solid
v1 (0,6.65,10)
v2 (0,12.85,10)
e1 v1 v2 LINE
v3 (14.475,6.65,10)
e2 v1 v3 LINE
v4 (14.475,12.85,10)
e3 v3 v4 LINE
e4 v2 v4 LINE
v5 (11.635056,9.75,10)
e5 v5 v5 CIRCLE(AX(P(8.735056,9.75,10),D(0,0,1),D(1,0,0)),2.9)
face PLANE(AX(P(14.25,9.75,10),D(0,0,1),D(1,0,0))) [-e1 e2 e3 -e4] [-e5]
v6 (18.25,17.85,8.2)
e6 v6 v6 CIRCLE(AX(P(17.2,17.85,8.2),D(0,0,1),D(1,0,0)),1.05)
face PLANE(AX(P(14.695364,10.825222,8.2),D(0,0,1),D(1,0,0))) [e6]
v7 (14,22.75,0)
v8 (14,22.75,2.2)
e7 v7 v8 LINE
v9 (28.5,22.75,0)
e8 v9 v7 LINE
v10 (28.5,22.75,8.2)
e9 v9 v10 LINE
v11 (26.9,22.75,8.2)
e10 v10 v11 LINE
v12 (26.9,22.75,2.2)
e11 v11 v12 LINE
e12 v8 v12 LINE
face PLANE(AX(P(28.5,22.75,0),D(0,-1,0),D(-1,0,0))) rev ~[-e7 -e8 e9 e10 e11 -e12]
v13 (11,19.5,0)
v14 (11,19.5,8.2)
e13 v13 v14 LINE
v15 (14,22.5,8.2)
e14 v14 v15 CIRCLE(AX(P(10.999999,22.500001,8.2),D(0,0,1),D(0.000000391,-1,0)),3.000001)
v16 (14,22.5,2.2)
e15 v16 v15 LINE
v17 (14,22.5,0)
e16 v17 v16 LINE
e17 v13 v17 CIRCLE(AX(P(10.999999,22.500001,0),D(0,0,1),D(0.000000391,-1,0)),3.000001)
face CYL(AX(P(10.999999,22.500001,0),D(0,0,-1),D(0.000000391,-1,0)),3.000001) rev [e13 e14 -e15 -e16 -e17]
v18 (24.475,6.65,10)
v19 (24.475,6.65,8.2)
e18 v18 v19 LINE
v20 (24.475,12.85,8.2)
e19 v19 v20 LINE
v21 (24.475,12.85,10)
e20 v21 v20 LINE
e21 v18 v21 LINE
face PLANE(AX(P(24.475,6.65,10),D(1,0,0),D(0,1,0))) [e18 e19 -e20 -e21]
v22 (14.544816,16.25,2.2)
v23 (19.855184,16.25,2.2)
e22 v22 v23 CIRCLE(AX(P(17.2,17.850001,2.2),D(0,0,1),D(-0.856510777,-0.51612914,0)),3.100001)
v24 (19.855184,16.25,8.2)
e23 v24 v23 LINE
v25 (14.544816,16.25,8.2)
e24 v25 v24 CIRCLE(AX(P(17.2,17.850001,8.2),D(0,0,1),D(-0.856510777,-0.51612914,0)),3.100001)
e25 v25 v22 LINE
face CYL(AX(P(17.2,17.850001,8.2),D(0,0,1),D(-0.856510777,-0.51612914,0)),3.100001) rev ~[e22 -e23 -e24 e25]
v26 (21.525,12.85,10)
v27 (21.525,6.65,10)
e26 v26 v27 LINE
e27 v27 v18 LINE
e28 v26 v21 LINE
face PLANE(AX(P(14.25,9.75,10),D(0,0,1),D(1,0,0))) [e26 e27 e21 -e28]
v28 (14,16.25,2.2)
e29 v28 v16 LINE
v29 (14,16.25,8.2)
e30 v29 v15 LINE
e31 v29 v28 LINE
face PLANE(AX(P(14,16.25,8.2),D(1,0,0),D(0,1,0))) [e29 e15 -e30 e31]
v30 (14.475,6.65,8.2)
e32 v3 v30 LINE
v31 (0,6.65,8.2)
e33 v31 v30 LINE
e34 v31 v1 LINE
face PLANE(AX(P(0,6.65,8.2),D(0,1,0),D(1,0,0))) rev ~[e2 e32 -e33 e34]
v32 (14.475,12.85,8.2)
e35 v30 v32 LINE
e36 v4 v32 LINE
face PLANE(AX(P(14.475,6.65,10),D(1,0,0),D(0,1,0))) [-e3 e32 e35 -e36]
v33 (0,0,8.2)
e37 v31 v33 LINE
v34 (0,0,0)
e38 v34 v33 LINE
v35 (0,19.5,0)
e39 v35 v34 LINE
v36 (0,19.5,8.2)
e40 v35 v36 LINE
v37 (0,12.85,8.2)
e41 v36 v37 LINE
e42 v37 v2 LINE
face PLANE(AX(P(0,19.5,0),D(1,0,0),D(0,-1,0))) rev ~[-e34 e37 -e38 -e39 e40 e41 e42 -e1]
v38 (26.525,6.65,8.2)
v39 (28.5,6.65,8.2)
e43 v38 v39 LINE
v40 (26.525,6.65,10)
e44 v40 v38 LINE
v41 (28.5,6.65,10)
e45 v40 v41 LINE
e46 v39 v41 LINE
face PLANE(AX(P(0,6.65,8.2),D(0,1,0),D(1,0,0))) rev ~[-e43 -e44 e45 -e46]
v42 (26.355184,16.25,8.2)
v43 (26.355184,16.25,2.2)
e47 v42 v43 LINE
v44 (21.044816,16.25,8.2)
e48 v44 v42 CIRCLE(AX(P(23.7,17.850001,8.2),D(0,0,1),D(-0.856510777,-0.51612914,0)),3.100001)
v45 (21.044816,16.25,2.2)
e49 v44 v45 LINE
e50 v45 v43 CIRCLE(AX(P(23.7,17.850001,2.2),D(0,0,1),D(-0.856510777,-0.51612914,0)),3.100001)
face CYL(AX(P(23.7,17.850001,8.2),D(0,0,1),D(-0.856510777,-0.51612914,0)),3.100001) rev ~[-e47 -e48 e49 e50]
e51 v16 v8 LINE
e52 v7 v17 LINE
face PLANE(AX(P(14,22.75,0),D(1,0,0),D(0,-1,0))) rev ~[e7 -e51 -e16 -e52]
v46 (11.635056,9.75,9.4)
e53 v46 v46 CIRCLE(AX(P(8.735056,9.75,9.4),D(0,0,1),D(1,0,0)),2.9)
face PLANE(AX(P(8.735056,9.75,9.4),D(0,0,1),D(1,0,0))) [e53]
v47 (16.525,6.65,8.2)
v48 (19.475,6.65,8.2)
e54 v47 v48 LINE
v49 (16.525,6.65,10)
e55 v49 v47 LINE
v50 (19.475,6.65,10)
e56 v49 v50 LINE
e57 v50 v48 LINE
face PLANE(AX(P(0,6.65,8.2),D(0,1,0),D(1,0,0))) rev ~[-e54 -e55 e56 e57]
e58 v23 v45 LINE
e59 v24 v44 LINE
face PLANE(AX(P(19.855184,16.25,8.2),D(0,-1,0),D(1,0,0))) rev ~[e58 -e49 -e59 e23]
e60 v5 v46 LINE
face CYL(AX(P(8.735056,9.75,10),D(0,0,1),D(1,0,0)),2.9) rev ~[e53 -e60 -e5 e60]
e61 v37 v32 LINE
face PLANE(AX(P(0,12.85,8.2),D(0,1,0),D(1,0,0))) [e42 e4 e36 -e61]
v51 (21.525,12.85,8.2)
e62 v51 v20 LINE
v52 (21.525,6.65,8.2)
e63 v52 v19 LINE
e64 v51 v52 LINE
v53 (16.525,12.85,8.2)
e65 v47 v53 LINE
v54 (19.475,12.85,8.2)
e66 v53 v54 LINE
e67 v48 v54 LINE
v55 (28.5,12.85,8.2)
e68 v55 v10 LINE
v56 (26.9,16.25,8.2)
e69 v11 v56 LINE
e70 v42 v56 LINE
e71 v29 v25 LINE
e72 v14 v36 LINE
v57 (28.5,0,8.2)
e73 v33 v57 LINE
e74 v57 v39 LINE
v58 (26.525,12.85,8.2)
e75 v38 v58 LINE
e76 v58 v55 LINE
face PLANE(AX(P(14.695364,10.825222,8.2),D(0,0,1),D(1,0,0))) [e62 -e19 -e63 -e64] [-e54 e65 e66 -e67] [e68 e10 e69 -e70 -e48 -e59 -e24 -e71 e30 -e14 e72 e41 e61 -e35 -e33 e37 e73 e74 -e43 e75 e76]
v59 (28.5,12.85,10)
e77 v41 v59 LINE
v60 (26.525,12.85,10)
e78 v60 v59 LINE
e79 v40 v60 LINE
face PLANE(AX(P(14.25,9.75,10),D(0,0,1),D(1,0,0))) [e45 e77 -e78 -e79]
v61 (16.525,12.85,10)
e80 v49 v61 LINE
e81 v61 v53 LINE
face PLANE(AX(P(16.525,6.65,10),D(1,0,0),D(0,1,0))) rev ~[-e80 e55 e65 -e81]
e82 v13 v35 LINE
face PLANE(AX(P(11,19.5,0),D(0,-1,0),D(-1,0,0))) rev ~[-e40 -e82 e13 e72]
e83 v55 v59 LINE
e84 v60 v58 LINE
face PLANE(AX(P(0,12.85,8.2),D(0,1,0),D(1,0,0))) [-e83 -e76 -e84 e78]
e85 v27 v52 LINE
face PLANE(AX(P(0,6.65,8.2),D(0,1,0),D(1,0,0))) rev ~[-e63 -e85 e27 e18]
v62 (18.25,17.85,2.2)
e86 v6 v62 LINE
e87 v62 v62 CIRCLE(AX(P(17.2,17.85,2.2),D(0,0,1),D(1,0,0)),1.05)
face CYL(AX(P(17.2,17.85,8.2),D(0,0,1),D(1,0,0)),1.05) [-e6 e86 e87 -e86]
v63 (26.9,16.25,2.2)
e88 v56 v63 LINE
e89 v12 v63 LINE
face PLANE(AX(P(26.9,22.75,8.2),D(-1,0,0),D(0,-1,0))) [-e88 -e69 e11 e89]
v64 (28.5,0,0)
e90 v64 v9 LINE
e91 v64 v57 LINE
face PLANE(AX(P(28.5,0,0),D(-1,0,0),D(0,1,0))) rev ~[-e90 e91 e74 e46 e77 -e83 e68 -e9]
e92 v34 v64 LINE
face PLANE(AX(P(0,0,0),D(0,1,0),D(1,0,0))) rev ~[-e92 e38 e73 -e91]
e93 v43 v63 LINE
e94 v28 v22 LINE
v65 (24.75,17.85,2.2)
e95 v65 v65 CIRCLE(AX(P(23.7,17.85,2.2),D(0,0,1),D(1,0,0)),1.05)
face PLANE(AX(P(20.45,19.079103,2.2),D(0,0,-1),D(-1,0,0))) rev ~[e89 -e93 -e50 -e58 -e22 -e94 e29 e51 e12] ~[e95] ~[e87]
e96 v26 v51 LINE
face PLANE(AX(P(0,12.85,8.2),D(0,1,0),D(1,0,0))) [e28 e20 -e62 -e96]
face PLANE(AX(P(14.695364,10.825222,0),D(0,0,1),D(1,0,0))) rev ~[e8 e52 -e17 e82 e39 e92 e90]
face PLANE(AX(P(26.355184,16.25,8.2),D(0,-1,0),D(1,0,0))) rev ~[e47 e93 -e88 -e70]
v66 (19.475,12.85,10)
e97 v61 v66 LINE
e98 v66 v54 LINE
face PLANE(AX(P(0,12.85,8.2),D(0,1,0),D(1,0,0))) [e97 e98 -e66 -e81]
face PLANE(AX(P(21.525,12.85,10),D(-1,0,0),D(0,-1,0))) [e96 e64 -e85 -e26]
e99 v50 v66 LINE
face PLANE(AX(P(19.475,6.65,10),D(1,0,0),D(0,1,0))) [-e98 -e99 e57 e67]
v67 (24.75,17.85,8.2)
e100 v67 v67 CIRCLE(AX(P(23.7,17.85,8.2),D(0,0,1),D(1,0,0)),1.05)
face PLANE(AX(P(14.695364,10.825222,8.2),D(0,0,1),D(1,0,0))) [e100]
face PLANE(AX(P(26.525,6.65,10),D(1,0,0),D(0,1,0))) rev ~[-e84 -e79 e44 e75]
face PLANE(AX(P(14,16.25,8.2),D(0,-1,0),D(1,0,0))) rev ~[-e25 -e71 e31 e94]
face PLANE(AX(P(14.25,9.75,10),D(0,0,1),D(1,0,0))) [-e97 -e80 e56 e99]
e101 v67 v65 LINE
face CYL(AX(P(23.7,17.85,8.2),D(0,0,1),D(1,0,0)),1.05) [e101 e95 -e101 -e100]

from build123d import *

# Parameters (mm, degrees)
PAD004_DEPTH    = 8.2
SKETCH014_W     = 28.5
SKETCH014_H     = 6.2
PAD005_DEPTH    = 1.8
SKETCH015_R     = 2.9
POCKET004_DEPTH = 0.6
SKETCH016_W     = 2.05
SKETCH016_H     = 6.2
POCKET005_DEPTH = 1.8
SKETCH018_R     = 1.05
POCKET007_DEPTH = 6


with BuildPart() as part:
    # Sketch013 → Pad004 (new body)
    with BuildSketch(Plane.XY):
        with BuildLine():
            Line((0, 0), (28.5, 0))
            Line((28.5, 0), (28.5, 22.75))
            Line((28.5, 22.75), (14, 22.75))
            Line((14, 22.75), (14, 22.5))
            ThreePointArc((11, 19.5), (13.12132, 20.37868), (14, 22.5))
            Line((11, 19.5), (0, 19.5))
            Line((0, 19.5), (0, 0))
        make_face()
    extrude(amount=PAD004_DEPTH)

    # Sketch014 (on Face9 of Pad004) → Pad005 (join)
    with BuildSketch(Plane.XY.offset(8.2)):
        with Locations((14.25, 9.75)):
            Rectangle(SKETCH014_W, SKETCH014_H)
    extrude(amount=PAD005_DEPTH)

    # Sketch015 (on Face11 of Pad005) → Pocket004 (cut)
    with BuildSketch(Plane.XY.offset(10)):
        with Locations((8.735056, 9.75)):
            Circle(SKETCH015_R)
    extrude(amount=-POCKET004_DEPTH, mode=Mode.SUBTRACT)

    # Sketch016 (on Face10 of Pocket004) → Pocket005 (cut)
    with BuildSketch(Plane.XY.offset(10)):
        with Locations((15.5, 9.75)):
            Rectangle(SKETCH016_W, SKETCH016_H)
        Polygon((21.525, 12.85), (21.525, 6.65), (19.475, 6.65), (19.475, 12.85), (20.5, 12.85), align=None)
        with Locations((25.5, 9.75)):
            Rectangle(SKETCH016_W, SKETCH016_H)
    extrude(amount=-POCKET005_DEPTH, mode=Mode.SUBTRACT)

    # Sketch018 (on Face19 of Clone001) → Pocket007 (cut)
    with BuildSketch(Plane.XY.offset(8.2)):
        with BuildLine():
            Line((14, 22.75), (26.9, 22.75))
            Line((26.9, 22.75), (26.9, 16.25))
            Line((26.355184, 16.25), (26.9, 16.25))
            ThreePointArc((21.044816, 16.25), (23.7, 14.75), (26.355184, 16.25))
            Line((20.45, 16.25), (21.044816, 16.25))
            Line((19.855184, 16.25), (20.45, 16.25))
            ThreePointArc((14.544816, 16.25), (17.2, 14.75), (19.855184, 16.25))
            Line((14, 16.25), (14.544816, 16.25))
            Line((14, 16.25), (14, 22.75))
        make_face()
        with Locations((17.2, 17.85)):
            Circle(SKETCH018_R, mode=Mode.SUBTRACT)
        with Locations((23.7, 17.85)):
            Circle(SKETCH018_R, mode=Mode.SUBTRACT)
    extrude(amount=-POCKET007_DEPTH, mode=Mode.SUBTRACT)


solid = part.part
